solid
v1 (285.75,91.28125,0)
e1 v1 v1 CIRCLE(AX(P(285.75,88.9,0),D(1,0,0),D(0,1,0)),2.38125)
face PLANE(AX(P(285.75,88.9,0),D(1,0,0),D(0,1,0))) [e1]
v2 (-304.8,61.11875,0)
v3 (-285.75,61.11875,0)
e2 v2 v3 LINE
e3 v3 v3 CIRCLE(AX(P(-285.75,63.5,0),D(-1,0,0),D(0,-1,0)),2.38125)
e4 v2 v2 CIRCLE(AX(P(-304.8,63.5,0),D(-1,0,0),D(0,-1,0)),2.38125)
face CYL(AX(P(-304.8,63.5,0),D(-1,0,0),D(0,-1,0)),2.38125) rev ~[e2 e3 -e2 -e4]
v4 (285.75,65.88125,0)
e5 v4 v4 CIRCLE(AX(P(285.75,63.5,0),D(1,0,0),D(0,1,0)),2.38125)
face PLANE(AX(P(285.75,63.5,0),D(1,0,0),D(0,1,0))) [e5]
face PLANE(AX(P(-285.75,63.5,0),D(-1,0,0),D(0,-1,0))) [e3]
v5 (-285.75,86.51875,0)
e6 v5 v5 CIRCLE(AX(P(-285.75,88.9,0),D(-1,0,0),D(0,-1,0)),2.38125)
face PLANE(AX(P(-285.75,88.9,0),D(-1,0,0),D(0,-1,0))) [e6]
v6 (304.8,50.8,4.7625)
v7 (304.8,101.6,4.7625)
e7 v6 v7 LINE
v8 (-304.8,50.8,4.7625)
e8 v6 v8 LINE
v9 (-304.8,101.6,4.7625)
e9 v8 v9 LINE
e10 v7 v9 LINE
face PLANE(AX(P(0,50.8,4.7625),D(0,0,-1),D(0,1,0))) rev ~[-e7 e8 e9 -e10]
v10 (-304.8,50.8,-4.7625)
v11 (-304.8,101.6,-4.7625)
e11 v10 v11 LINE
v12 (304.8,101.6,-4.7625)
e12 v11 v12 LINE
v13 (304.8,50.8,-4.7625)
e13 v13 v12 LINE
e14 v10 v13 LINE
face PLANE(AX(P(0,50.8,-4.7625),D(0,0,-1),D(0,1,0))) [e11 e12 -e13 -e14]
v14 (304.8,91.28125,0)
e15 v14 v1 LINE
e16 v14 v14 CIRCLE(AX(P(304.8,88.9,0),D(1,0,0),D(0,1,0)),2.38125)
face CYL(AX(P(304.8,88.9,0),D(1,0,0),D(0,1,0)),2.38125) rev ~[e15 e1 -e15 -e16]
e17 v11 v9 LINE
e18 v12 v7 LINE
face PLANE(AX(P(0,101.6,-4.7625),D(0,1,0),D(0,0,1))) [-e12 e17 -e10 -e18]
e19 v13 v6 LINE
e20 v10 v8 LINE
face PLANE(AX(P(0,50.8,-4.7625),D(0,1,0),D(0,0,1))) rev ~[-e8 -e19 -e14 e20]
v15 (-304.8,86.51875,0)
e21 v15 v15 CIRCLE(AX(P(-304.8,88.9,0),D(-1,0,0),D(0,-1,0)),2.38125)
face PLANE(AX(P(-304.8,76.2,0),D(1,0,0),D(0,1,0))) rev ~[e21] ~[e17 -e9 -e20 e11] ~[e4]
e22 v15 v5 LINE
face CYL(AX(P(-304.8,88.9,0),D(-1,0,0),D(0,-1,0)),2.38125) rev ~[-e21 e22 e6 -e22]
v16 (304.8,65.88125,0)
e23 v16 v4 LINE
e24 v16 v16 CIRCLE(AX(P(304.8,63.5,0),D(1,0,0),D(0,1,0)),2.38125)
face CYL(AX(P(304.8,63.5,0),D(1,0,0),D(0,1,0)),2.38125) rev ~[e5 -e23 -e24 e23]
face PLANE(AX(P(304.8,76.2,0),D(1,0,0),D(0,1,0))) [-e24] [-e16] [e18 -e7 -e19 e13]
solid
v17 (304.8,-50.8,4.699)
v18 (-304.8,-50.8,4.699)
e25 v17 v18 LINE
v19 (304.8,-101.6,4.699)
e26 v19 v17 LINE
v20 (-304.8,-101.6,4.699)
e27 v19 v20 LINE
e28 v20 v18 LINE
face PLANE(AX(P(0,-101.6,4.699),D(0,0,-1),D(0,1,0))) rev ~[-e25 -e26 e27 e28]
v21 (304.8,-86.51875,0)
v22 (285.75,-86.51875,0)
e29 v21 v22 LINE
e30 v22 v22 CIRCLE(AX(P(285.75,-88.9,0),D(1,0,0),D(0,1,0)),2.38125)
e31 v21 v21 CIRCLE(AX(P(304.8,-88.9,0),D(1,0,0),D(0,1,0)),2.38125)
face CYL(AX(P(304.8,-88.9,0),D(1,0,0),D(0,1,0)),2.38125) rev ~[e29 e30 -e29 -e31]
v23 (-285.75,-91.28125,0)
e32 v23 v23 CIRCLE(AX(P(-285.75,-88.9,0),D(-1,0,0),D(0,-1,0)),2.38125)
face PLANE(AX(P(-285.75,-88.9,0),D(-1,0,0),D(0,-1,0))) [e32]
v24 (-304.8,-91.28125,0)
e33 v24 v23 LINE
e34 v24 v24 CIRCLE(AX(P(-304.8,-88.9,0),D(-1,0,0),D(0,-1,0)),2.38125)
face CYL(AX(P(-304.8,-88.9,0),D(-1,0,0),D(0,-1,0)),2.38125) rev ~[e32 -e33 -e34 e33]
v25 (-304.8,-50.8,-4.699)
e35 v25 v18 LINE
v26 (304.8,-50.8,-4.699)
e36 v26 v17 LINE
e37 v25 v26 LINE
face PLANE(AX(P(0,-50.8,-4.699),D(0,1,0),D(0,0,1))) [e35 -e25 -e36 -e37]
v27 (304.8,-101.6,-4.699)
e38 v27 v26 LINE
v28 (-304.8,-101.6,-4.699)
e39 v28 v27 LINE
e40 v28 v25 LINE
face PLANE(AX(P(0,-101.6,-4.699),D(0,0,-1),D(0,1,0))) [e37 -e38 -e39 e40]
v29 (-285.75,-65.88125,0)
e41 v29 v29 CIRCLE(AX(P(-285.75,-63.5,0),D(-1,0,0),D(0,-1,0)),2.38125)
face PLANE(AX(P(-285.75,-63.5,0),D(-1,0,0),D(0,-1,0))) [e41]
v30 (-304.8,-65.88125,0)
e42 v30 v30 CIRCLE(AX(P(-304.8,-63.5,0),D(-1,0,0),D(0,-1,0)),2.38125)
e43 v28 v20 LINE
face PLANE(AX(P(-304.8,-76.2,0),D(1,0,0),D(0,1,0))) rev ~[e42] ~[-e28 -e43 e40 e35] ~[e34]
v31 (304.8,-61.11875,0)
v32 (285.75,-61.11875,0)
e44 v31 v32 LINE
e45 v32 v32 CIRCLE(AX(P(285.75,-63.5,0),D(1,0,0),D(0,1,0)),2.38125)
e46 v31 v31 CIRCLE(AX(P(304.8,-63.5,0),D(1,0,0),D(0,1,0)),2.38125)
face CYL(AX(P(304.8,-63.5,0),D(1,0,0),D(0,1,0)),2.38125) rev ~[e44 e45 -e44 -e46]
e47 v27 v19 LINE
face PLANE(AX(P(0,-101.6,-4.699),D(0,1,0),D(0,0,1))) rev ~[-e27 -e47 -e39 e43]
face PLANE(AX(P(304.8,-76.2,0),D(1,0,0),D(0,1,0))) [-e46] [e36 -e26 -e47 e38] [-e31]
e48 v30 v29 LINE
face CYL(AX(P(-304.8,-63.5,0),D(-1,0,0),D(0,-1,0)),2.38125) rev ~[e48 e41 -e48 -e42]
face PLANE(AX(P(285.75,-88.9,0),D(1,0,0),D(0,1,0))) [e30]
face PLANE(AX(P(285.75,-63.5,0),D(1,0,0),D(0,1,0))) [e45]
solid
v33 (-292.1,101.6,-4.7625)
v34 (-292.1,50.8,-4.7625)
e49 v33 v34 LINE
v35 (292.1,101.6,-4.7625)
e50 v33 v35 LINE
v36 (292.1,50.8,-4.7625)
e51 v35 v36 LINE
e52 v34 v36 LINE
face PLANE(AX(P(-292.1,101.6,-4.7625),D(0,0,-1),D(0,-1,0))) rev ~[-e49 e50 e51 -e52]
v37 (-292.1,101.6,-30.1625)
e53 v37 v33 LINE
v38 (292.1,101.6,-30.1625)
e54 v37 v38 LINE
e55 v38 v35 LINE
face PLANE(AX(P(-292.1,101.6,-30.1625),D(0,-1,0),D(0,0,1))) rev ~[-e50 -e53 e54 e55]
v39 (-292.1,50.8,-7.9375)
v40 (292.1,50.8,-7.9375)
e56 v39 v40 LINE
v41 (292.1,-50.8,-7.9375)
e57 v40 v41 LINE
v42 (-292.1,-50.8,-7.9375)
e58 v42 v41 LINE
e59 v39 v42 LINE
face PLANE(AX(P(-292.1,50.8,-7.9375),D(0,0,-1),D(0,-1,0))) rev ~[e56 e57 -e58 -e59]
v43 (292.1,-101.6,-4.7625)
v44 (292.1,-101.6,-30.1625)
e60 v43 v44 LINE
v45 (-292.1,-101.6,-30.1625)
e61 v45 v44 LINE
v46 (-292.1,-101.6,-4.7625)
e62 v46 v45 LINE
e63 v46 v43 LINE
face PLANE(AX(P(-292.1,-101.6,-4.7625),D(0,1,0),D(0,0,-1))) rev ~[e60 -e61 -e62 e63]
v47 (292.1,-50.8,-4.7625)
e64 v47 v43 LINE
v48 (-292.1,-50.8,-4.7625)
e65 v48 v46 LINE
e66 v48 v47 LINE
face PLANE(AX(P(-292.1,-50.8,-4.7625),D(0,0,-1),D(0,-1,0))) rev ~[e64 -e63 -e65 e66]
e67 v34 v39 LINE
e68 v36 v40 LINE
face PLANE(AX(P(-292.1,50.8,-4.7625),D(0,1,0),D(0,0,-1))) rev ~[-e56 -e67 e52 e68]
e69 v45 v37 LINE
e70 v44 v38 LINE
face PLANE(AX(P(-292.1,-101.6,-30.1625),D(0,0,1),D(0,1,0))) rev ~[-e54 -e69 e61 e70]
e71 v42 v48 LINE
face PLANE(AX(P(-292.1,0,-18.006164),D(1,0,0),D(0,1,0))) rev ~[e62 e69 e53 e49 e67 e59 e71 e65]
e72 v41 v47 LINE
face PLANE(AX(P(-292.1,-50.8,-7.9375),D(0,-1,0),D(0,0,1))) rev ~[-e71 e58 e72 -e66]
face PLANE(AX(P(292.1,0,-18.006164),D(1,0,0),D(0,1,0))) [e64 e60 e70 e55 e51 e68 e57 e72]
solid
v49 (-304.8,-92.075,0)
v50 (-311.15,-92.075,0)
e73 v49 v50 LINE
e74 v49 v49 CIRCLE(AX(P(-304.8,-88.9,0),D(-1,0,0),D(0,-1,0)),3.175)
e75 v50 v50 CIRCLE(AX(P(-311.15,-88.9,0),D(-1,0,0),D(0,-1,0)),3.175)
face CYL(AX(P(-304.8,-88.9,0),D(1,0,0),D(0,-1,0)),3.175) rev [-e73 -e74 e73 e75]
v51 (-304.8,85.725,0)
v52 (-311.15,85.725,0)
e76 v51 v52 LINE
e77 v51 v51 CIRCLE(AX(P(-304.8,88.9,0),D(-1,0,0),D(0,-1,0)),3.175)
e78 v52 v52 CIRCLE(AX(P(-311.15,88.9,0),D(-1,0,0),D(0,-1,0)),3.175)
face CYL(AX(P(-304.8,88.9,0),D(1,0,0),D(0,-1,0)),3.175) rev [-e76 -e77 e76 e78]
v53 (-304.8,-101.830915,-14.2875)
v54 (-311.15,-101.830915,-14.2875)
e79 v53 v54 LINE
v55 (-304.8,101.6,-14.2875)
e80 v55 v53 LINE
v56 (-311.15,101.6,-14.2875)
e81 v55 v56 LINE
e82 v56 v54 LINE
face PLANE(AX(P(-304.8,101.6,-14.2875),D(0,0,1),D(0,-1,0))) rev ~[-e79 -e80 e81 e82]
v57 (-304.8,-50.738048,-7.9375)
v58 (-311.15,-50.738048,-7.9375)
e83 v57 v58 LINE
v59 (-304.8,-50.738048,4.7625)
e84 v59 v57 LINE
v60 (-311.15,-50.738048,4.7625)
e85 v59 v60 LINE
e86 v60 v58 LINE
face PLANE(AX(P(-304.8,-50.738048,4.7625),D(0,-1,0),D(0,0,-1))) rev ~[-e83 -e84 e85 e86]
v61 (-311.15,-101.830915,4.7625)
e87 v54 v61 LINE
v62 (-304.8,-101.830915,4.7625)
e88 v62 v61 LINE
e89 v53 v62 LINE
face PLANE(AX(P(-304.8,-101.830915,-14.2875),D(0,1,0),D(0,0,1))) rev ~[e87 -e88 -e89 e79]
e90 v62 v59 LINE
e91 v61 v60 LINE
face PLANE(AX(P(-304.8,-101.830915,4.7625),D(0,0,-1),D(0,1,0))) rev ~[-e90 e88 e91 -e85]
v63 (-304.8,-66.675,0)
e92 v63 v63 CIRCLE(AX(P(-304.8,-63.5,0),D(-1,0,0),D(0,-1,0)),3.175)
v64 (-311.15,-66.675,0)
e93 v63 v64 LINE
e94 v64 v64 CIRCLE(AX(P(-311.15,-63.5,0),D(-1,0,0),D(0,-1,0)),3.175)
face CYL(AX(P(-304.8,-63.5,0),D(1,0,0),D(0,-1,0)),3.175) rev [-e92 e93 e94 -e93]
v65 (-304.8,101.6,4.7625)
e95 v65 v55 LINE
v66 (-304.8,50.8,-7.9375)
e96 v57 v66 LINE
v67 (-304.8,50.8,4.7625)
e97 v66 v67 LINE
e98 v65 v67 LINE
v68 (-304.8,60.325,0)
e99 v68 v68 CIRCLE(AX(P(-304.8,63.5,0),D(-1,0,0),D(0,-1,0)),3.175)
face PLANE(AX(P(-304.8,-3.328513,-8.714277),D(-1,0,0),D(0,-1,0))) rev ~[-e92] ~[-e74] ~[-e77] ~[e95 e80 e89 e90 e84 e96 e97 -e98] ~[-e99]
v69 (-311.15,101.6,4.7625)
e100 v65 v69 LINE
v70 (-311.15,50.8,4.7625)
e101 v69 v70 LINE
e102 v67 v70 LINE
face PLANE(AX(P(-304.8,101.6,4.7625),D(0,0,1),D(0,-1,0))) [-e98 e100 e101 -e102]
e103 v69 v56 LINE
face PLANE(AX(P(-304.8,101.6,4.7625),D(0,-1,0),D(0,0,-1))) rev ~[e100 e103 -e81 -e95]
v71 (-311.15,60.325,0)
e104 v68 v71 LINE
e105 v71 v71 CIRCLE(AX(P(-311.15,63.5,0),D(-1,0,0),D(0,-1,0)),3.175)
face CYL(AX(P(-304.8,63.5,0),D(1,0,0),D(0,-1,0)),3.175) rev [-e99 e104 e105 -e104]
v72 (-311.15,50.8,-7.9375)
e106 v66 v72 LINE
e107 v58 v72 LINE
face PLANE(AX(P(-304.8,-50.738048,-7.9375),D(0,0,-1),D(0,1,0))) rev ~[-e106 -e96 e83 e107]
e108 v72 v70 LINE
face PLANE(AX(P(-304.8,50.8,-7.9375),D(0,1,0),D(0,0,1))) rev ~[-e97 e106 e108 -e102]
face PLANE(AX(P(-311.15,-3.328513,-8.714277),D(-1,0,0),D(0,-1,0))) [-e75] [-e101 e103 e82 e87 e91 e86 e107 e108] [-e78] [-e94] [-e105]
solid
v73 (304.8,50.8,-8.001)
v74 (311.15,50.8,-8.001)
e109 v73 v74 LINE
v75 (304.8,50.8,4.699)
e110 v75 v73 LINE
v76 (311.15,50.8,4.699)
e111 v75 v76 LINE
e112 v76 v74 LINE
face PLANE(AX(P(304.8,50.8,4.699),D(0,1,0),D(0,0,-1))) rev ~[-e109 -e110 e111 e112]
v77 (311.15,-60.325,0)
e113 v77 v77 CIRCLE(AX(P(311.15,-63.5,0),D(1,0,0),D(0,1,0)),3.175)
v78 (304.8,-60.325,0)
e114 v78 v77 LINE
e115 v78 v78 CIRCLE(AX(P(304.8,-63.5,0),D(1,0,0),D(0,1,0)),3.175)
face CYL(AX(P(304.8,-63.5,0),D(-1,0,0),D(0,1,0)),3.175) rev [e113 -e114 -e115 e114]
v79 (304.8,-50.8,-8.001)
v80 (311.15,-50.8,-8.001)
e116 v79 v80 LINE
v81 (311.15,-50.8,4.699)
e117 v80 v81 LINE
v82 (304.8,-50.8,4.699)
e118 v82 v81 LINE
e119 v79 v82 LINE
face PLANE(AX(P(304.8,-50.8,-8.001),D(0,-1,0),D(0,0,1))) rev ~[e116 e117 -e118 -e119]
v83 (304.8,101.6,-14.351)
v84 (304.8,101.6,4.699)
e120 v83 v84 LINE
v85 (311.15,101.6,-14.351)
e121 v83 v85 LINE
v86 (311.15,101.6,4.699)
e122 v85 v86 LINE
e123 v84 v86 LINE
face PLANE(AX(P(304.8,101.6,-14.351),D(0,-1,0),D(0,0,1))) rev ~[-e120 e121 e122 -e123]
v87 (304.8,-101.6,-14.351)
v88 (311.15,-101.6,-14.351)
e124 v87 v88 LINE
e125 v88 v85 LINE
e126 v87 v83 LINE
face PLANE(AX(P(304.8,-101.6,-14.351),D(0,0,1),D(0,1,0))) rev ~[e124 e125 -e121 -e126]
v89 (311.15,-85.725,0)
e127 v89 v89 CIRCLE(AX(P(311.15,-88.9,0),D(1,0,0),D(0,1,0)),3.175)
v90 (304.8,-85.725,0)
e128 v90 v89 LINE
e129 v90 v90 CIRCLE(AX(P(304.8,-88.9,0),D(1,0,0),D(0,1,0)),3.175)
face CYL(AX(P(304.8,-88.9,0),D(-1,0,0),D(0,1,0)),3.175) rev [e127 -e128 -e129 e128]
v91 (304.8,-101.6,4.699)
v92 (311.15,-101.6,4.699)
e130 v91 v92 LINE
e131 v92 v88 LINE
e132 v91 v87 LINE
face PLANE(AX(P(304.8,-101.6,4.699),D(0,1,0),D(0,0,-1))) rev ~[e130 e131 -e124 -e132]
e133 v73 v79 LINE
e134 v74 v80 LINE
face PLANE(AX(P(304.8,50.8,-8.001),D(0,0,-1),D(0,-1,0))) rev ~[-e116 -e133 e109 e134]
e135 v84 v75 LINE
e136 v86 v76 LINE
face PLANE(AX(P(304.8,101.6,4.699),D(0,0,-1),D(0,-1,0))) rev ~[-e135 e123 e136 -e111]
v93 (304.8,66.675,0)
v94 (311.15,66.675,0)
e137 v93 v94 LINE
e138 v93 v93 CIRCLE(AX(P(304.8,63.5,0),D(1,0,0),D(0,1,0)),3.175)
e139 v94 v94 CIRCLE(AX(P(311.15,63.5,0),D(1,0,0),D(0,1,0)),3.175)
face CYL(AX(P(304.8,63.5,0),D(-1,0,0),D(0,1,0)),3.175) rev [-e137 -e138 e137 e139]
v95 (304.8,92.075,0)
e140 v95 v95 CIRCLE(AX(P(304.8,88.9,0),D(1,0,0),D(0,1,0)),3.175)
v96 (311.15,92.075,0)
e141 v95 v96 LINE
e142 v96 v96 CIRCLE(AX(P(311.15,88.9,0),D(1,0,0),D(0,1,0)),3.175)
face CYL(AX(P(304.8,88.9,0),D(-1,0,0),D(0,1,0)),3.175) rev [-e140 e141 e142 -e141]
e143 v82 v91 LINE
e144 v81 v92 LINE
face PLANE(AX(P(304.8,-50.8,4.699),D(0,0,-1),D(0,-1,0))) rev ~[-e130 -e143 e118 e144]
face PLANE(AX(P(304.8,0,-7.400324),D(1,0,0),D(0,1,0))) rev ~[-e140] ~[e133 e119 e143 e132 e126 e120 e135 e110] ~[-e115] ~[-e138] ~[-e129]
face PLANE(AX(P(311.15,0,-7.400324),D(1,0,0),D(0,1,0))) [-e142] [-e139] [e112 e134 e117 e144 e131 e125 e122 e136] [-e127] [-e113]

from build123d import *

# Parameters (mm, degrees)
F0_W      = 50.8
F0_H      = 9.398
F1_DEPTH  = 304.8
F0_H_2    = 9.525
F2_R      = 2.38125
F3_DEPTH  = 19.05
F4_R      = 2.38125
F5_DEPTH  = 19.05
F6_R      = 3.175
F6_W      = 50.8
F6_H      = 9.525
F7_DEPTH  = 6.35
F8_R      = 3.175
F9_DEPTH  = 6.35
F12_DEPTH = 584.2


with BuildPart() as f1:
    # F0 (on Right) → F1 (new body, symmetric)
    with BuildSketch(Plane.YZ):
        with Locations((-76.2, 0)):
            Rectangle(F0_W, F0_H)
    extrude(amount=F1_DEPTH, both=True)


with BuildPart() as f1b:
    # F0 (on Right) → F1, piece 2 (new body, symmetric)
    with BuildSketch(Plane.YZ):
        with Locations((76.2, 0)):
            Rectangle(F0_W, F0_H_2)
    extrude(amount=F1_DEPTH, both=True)


with BuildPart() as f3_tool:
    # F2 (on face) → F3 (new body)
    with BuildSketch(Plane.YZ.offset(304.8)):
        with Locations((-88.9, 0)):
            Circle(F2_R)
        with Locations((-63.5, 0)):
            Circle(F2_R)
        with Locations((63.5, 0)):
            Circle(F2_R)
        with Locations((88.9, 0)):
            Circle(F2_R)
    extrude(amount=-F3_DEPTH)


with BuildPart() as f1_1:
    add(f1.part)

    # F3: cut by f3_tool
    add(f3_tool.part, mode=Mode.SUBTRACT)


with BuildPart() as f1b_1:
    add(f1b.part)

    # F3: cut by f3_tool
    add(f3_tool.part, mode=Mode.SUBTRACT)


with BuildPart() as f5_tool:
    # F4 (on face) → F5 (new body)
    with BuildSketch(Plane(origin=(-304.8, 0, 0), x_dir=(0, -1, 0), z_dir=(-1, 0, 0))):
        with Locations((-88.9, 0)):
            Circle(F4_R)
        with Locations((-63.5, 0)):
            Circle(F4_R)
        with Locations((63.5, 0)):
            Circle(F4_R)
        with Locations((88.9, 0)):
            Circle(F4_R)
    extrude(amount=-F5_DEPTH)


with BuildPart() as f1_2:
    add(f1_1.part)

    # F5: cut by f5_tool
    add(f5_tool.part, mode=Mode.SUBTRACT)


with BuildPart() as f1b_2:
    add(f1b_1.part)

    # F5: cut by f5_tool
    add(f5_tool.part, mode=Mode.SUBTRACT)


with BuildPart() as f7:
    # F6 (on face) → F7 (new body)
    with BuildSketch(Plane(origin=(-304.8, 0, 0), x_dir=(0, -1, 0), z_dir=(-1, 0, 0))):
        Polygon((-50.8, -4.7625), (-101.6, -4.7625), (-101.6, -14.2875), (101.8309146166, -14.2875), (101.8309146166, 4.7625), (50.7380478084, 4.7625), (50.7380478084, -7.9375), (-50.8, -7.9375), align=None)
        with Locations((63.5, 0)):
            Circle(F6_R, mode=Mode.SUBTRACT)
        with Locations((88.9, 0)):
            Circle(F6_R, mode=Mode.SUBTRACT)
        with Locations((-76.2, 0)):
            Rectangle(F6_W, F6_H)
        with Locations((-88.9, 0)):
            Circle(F6_R, mode=Mode.SUBTRACT)
        with Locations((-63.5, 0)):
            Circle(F6_R, mode=Mode.SUBTRACT)
    extrude(amount=F7_DEPTH)


with BuildPart() as f9:
    # F8 (on face) → F9 (new body)
    with BuildSketch(Plane.YZ.offset(304.8)):
        Polygon((-50.8, 4.699), (-101.6, 4.699), (-101.6, -14.351), (101.6, -14.351), (101.6, 4.699), (50.8, 4.699), (50.8, -8.001), (-50.8, -8.001), align=None)
        with Locations((-88.9, 0)):
            Circle(F8_R, mode=Mode.SUBTRACT)
        with Locations((-63.5, 0)):
            Circle(F8_R, mode=Mode.SUBTRACT)
        with Locations((63.5, 0)):
            Circle(F8_R, mode=Mode.SUBTRACT)
        with Locations((88.9, 0)):
            Circle(F8_R, mode=Mode.SUBTRACT)
    extrude(amount=F9_DEPTH)


with BuildPart() as f12:
    # F11 (on offset) → F12 (new body)
    with BuildSketch(Plane.YZ.offset(-292.1)):
        Polygon((-101.6, -30.1625), (101.6, -30.1625), (101.6, -4.7625), (50.8, -4.7625), (50.8, -7.9375), (-50.8, -7.9375), (-50.8, -4.7625), (-101.6, -4.7625), align=None)
    extrude(amount=F12_DEPTH)


solid = Compound([f1_2.part, f1b_2.part, f7.part, f9.part, f12.part])
